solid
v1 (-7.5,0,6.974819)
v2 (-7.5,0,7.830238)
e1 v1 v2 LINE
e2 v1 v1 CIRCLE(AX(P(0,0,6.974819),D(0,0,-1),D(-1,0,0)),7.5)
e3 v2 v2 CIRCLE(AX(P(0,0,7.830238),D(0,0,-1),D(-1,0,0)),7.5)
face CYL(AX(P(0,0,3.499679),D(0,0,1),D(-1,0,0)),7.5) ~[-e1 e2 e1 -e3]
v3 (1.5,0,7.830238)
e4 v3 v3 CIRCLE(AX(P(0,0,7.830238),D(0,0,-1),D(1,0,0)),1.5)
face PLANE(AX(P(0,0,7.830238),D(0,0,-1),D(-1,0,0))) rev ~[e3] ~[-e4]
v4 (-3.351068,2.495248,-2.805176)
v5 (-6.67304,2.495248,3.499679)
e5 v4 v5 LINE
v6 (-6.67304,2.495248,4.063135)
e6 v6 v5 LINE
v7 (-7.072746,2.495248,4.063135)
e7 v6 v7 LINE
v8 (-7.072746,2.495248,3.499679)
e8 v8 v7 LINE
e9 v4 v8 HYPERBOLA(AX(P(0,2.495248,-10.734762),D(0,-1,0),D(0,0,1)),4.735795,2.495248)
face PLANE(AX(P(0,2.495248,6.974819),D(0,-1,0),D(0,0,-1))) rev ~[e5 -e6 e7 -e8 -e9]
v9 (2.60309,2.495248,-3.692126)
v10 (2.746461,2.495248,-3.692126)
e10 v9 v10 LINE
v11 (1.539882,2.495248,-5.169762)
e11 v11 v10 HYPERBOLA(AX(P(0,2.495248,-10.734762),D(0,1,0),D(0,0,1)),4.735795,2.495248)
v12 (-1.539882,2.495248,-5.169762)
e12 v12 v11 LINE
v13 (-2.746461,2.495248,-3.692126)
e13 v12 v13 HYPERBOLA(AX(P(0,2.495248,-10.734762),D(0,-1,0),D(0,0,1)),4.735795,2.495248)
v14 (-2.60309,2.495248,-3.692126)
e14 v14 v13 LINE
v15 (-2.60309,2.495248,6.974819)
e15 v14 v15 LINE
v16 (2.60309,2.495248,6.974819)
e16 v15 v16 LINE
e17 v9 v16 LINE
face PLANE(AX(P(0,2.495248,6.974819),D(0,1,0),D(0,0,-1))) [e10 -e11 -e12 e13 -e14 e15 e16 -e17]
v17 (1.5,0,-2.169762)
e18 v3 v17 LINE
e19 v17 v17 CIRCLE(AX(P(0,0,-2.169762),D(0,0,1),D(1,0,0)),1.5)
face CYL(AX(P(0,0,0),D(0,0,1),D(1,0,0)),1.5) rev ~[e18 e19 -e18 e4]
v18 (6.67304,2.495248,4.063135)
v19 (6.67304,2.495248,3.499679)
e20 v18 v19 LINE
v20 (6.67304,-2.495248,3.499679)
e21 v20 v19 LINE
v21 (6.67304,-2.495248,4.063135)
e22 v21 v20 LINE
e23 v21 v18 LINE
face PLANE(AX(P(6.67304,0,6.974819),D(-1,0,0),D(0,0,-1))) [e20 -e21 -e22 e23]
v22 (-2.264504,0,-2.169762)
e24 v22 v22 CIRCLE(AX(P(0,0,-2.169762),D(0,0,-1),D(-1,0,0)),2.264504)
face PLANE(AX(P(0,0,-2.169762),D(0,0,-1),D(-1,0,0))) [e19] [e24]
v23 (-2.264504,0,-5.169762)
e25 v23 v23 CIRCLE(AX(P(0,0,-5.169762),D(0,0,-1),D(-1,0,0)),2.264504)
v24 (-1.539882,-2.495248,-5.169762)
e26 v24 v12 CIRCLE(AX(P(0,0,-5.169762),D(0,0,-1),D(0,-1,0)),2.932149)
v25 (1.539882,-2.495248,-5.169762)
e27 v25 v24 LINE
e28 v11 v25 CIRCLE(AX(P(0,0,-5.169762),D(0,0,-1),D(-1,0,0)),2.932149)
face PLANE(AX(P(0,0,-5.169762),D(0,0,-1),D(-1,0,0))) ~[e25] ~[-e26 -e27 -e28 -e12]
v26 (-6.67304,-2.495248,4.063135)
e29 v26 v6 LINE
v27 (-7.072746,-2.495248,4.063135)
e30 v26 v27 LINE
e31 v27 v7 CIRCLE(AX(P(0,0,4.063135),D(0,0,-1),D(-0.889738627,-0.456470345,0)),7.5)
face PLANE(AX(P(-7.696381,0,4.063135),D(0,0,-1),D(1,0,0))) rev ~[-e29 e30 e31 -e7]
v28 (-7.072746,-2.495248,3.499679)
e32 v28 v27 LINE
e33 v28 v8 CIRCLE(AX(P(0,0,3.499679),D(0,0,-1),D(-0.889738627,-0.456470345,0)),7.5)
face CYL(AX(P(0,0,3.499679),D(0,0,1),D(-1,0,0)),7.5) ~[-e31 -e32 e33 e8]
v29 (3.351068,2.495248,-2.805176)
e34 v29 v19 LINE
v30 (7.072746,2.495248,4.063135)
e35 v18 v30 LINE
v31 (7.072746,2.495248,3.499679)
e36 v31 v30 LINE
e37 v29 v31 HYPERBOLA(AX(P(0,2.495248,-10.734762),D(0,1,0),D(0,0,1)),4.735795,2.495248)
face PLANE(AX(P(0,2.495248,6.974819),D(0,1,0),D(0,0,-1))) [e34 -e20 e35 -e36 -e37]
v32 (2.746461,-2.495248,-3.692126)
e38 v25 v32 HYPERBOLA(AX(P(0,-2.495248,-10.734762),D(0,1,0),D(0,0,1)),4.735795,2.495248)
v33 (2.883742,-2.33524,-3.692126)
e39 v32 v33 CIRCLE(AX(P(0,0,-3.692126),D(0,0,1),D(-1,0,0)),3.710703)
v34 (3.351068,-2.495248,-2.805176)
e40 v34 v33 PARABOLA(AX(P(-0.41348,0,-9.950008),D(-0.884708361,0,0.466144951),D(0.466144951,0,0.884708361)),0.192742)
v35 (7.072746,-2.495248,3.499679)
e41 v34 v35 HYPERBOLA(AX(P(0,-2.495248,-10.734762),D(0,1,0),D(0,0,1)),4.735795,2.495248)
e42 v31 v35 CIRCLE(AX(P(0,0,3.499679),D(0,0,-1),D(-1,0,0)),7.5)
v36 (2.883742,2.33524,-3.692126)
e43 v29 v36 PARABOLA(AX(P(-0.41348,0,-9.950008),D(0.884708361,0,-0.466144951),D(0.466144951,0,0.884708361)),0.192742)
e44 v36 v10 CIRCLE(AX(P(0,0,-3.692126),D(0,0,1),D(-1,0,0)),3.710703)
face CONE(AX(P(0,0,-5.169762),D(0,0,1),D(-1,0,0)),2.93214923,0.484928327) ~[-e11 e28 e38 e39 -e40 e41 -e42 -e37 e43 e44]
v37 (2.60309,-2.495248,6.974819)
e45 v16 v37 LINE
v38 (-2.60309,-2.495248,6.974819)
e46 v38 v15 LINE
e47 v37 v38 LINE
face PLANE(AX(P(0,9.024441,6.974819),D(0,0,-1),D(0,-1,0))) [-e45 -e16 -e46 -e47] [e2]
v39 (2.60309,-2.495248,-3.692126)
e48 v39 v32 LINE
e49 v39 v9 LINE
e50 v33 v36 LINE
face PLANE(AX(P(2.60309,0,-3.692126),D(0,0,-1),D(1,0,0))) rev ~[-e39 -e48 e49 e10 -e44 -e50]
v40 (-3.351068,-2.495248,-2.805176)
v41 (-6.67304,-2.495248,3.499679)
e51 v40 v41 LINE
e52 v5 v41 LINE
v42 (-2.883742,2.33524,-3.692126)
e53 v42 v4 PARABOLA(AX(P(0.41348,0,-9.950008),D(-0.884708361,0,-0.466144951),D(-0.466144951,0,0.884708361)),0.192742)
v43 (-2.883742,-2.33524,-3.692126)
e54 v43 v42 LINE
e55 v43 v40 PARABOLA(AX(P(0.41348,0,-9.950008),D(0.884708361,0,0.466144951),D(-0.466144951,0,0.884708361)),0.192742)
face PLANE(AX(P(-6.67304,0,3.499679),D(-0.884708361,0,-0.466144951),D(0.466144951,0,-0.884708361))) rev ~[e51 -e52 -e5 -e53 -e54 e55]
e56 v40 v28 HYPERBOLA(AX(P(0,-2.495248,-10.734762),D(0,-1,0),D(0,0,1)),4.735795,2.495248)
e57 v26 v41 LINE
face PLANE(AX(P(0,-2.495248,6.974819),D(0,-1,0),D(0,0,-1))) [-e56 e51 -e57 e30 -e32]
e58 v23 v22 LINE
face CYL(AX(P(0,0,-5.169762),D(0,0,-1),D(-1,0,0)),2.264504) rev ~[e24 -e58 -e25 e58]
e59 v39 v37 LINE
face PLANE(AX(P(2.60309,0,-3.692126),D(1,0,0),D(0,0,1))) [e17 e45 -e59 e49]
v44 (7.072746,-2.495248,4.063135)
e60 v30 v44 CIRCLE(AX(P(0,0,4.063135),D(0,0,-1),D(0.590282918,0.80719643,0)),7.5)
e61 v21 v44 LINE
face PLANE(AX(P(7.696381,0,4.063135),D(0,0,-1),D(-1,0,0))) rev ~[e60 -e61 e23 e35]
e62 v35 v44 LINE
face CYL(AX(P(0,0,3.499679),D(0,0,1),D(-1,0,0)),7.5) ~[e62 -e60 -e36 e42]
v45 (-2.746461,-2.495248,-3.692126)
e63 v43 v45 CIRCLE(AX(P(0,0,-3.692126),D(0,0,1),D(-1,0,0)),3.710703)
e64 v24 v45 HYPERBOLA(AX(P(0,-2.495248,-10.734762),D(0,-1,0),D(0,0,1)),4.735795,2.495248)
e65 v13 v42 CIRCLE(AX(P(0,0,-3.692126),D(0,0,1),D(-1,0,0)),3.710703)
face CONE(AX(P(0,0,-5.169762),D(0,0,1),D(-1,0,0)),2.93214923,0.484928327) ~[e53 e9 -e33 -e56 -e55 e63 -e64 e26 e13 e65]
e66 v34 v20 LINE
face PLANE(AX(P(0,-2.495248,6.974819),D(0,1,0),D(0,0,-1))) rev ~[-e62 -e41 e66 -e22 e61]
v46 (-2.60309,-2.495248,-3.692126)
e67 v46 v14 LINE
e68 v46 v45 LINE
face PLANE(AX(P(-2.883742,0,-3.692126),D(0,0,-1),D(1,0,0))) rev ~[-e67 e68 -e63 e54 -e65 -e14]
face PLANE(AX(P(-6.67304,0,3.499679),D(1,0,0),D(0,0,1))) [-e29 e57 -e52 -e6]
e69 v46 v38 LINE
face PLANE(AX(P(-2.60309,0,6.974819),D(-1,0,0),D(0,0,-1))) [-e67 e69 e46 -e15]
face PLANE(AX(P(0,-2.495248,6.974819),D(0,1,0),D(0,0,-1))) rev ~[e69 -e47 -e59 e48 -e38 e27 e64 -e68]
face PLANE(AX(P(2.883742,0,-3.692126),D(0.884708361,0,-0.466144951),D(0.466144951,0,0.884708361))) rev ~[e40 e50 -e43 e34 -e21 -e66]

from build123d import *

# Parameters (mm, degrees)
CUT_EXTRUDE1_DEPTH      = 8.5
CUT_EXTRUDE1_DEPTH_BACK = 8.5
CUT_EXTRUDE3_DEPTH      = 8.5
CUT_EXTRUDE3_DEPTH_BACK = 8.5
CUT_EXTRUDE4_DEPTH      = 8.5
CUT_EXTRUDE4_DEPTH_BACK = 8.5
SKETCH6_R               = 1.5
CUT_EXTRUDE5_DEPTH      = 8.830238334
CUT_EXTRUDE5_DEPTH_BACK = 6.169761666
SKETCH8_R               = 2.264503928
CUT_EXTRUDE6_DEPTH      = 3


with BuildPart() as part:
    # Sketch2 → Revolve1 (revolve)
    with BuildSketch(Plane(origin=(0, 0, 0), x_dir=(1, 0, 0), z_dir=(0, 1, 0))):
        Polygon((0, 5.169761666), (-2.93214923, 5.169761666), (-7.5, -3.499678513), (-7.5, -7.830238334), (0, -7.830238334), align=None)
    revolve(axis=Axis((0, 0, 7.830238334), (0, 0, -1)))

    # Sketch3 → Cut-Extrude1 (cut, two sides)
    with BuildSketch(Plane(origin=(0, 0, 0), x_dir=(1, 0, 0), z_dir=(0, 1, 0))) as cut_extrude1_sk:
        Polygon((-7.696381126, -4.06313473), (-4.427121887, -4.06313473), (-4.427121887, -6.974818739), (-8.445586368, -6.974818739), align=None)
        Polygon((8.445586368, -6.974818739), (7.696381126, -4.06313473), (4.427121887, -4.06313473), (4.427121887, -6.974818739), align=None)
    extrude(amount=CUT_EXTRUDE1_DEPTH, mode=Mode.SUBTRACT)
    extrude(cut_extrude1_sk.sketch, amount=-CUT_EXTRUDE1_DEPTH_BACK, mode=Mode.SUBTRACT)

    # Sketch4 → Cut-Extrude3 (cut, two sides)
    with BuildSketch(Plane(origin=(0, 0, 0), x_dir=(1, 0, 0), z_dir=(0, 1, 0))) as cut_extrude3_sk:
        Polygon((-6.673039702, -4.06313473), (-6.673039702, -3.499678513), (-2.88374221, 3.692125592), (-2.603089552, 3.692125592), (-2.603089552, -4.06313473), (-2.603089552, -6.974818739), (-6.673039702, -6.974818739), align=None)
        Polygon((2.603089552, -6.974818739), (2.603089552, -4.06313473), (2.603089552, 3.692125592), (2.88374221, 3.692125592), (6.673039702, -3.499678513), (6.673039702, -4.06313473), (6.673039702, -6.974818739), align=None)
    extrude(amount=CUT_EXTRUDE3_DEPTH, mode=Mode.SUBTRACT)
    extrude(cut_extrude3_sk.sketch, amount=-CUT_EXTRUDE3_DEPTH_BACK, mode=Mode.SUBTRACT)

    # Sketch5 → Cut-Extrude4 (cut, two sides)
    with BuildSketch(Plane(origin=(0, 0, 0), x_dir=(0, 0, -1), z_dir=(1, 0, 0))) as cut_extrude4_sk:
        Polygon((-6.974818739, 2.495248244), (8.7529713, 2.495248244), (-4.227454646, 9.024441475), (-6.974818739, 9.024441475), align=None)
        Polygon((-6.974818739, -9.024441475), (-6.974818739, -2.495248244), (8.7529713, -2.495248244), (-4.227454646, -9.024441475), align=None)
    extrude(amount=CUT_EXTRUDE4_DEPTH, mode=Mode.SUBTRACT)
    extrude(cut_extrude4_sk.sketch, amount=-CUT_EXTRUDE4_DEPTH_BACK, mode=Mode.SUBTRACT)

    # Sketch6 → Cut-Extrude5 (cut, two sides)
    with BuildSketch(Plane.XY) as cut_extrude5_sk:
        Circle(SKETCH6_R)
    extrude(amount=CUT_EXTRUDE5_DEPTH, mode=Mode.SUBTRACT)
    extrude(cut_extrude5_sk.sketch, amount=-CUT_EXTRUDE5_DEPTH_BACK, mode=Mode.SUBTRACT)

    # Sketch8 → Cut-Extrude6 (cut)
    with BuildSketch(Plane(origin=(0, 0, -5.169761666), x_dir=(-1, 0, 0), z_dir=(0, 0, -1))):
        Circle(SKETCH8_R)
    extrude(amount=-CUT_EXTRUDE6_DEPTH, mode=Mode.SUBTRACT)


solid = part.part
